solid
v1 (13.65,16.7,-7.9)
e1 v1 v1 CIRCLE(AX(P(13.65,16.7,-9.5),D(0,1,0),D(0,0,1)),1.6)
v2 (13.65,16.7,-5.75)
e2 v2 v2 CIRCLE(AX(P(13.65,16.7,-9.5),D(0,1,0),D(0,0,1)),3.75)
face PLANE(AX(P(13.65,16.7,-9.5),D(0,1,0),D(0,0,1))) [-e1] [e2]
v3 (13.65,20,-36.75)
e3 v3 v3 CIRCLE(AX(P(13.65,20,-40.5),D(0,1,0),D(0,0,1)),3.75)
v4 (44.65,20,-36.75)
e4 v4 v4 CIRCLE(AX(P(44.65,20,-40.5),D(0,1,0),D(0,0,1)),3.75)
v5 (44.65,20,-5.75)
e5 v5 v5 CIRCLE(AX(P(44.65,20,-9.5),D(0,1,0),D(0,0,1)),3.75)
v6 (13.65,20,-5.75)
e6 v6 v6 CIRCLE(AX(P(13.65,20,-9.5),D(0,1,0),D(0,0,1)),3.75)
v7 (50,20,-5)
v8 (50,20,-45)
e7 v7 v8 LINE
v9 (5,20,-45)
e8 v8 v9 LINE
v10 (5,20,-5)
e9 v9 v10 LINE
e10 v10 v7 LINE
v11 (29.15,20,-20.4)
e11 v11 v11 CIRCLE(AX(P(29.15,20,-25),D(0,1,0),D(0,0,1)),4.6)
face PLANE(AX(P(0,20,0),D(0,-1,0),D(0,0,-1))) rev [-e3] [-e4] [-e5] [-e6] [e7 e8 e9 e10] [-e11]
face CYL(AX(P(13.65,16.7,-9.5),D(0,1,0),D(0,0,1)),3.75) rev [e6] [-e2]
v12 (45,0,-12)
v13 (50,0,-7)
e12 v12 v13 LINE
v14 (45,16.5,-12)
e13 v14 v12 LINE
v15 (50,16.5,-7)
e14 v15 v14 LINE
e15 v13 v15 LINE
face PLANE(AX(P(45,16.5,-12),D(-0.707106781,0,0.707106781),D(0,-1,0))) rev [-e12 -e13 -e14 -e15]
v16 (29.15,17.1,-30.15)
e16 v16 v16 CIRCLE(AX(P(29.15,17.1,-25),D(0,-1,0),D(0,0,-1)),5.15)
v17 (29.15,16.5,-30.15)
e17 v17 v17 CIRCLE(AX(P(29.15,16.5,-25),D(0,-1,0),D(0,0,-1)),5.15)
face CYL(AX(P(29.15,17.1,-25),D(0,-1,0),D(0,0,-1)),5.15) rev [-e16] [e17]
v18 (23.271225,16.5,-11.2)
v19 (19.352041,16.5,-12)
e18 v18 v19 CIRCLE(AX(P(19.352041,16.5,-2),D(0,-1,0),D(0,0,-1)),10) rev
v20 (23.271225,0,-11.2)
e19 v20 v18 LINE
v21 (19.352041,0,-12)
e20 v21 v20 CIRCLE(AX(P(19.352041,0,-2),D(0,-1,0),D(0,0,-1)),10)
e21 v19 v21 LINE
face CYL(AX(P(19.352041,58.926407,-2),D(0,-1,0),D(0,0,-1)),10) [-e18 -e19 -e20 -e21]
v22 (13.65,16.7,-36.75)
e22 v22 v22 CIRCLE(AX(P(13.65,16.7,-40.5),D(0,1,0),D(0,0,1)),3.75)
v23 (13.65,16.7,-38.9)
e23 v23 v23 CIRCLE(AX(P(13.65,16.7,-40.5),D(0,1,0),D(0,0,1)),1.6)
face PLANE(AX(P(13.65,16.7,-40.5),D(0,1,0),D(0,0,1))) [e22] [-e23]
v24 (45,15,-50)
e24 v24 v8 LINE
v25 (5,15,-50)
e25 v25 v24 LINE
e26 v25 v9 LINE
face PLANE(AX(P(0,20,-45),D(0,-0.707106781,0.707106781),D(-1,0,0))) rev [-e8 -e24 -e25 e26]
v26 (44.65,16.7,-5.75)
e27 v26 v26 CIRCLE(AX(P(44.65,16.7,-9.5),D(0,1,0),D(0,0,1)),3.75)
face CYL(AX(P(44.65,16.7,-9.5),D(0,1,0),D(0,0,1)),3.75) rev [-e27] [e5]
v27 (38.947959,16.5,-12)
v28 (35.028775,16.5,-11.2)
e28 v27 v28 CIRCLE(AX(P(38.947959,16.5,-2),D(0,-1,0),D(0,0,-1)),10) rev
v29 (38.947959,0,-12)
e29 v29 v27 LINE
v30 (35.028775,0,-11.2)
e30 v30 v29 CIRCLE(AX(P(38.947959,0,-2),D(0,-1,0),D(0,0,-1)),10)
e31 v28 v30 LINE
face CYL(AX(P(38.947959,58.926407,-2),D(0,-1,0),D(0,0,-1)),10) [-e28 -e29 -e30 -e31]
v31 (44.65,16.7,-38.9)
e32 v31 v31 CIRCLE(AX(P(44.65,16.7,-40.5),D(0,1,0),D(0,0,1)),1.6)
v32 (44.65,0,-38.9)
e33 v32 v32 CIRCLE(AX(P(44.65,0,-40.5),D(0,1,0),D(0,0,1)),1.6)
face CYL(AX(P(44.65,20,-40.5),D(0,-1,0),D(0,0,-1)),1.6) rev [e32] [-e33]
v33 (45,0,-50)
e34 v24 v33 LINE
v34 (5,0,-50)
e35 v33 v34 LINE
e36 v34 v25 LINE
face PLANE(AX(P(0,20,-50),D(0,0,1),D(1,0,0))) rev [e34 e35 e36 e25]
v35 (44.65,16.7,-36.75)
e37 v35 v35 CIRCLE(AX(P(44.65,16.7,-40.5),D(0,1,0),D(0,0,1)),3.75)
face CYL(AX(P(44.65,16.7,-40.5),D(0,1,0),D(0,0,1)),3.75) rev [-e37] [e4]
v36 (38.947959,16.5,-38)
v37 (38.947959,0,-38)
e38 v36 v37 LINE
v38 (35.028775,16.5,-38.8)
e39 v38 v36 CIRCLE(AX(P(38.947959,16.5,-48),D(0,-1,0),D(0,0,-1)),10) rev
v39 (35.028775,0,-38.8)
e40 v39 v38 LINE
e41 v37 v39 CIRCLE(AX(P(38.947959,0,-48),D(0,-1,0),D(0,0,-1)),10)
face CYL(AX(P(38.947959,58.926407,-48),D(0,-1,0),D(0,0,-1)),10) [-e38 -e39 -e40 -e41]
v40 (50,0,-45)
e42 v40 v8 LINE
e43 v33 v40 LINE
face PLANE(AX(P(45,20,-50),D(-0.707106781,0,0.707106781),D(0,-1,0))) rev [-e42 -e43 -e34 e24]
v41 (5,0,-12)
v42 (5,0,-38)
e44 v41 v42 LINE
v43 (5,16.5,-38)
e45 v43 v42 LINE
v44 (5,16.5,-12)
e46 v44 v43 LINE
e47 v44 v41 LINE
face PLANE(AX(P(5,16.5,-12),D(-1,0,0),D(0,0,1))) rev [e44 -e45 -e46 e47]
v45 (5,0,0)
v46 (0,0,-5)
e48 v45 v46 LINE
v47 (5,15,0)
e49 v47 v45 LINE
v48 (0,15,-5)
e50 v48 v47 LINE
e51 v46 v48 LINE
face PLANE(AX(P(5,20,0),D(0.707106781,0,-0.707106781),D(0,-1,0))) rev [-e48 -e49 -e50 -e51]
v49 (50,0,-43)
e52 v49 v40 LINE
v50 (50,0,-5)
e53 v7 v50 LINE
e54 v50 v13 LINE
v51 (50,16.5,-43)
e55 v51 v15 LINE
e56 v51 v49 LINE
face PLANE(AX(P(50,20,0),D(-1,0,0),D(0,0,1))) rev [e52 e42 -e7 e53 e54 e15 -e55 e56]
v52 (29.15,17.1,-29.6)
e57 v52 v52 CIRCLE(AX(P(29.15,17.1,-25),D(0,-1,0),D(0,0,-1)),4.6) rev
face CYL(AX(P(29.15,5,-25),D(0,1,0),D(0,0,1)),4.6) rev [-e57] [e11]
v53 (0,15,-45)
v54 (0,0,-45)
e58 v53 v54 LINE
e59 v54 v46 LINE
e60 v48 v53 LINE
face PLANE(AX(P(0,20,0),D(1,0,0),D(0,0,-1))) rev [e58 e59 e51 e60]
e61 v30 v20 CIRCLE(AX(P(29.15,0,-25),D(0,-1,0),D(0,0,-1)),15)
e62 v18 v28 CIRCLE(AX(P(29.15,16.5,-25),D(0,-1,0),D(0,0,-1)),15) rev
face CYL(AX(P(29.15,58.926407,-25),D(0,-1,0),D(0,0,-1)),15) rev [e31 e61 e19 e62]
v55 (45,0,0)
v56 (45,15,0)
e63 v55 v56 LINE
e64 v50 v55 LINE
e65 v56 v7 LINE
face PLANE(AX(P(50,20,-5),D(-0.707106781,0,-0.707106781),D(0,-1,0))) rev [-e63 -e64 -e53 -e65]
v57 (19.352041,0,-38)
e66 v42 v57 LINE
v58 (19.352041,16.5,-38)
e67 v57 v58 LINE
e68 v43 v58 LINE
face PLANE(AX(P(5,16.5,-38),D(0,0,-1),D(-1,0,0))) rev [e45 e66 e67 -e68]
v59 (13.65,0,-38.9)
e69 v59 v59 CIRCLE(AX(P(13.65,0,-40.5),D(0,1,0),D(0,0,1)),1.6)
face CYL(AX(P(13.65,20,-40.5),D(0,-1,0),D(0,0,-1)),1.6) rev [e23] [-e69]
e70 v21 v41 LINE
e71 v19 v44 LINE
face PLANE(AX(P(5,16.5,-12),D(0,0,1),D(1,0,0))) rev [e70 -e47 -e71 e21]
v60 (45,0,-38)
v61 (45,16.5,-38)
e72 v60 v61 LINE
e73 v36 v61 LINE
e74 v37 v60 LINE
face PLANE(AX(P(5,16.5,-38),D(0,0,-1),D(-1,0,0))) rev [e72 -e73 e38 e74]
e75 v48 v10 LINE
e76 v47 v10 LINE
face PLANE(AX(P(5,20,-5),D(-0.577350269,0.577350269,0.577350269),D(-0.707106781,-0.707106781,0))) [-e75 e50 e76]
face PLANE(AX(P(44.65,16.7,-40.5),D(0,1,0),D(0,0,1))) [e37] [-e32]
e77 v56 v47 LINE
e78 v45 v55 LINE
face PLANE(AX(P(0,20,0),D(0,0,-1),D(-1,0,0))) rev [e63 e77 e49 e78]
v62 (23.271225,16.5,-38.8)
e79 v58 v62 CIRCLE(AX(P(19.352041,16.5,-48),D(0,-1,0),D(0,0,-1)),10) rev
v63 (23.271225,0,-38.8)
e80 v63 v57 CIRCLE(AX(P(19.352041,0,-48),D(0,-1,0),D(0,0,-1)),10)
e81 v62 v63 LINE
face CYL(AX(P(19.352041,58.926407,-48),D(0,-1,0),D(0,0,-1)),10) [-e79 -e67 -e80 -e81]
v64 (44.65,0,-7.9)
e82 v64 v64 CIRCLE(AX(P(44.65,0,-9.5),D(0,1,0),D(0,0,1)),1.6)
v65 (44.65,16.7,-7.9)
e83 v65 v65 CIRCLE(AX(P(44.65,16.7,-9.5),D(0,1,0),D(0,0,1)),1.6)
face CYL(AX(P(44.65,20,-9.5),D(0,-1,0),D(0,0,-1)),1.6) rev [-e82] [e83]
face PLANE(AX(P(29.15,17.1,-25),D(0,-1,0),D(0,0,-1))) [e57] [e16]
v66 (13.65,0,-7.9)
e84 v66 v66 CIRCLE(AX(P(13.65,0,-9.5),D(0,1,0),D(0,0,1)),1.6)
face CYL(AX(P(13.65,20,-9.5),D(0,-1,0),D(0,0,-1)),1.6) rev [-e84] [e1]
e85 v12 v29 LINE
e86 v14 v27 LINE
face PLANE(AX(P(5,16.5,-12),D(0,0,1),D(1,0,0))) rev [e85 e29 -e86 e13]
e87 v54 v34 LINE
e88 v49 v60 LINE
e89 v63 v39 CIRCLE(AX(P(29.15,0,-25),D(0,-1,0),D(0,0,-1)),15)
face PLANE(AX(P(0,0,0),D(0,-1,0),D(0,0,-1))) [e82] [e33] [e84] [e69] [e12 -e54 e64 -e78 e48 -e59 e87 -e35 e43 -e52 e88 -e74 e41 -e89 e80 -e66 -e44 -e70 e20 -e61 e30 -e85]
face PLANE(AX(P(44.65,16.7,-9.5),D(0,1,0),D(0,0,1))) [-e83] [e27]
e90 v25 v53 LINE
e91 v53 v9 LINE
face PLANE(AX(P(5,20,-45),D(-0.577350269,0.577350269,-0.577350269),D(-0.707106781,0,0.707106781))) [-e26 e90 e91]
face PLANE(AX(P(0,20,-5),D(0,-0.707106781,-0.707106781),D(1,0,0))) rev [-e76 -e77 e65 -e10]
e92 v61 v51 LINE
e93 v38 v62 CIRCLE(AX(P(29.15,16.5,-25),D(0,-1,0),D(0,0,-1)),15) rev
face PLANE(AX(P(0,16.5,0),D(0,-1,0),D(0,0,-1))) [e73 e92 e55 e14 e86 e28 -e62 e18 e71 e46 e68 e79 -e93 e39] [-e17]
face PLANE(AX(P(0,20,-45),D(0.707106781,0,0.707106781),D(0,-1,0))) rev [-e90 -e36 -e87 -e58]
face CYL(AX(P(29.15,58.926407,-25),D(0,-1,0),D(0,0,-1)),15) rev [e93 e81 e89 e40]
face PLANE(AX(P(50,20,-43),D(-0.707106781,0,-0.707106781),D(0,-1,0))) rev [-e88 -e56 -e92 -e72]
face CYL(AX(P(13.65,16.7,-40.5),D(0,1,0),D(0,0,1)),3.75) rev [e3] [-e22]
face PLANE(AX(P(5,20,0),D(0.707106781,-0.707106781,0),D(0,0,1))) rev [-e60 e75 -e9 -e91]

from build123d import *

# Parameters (mm, degrees)
SKETCH_1_W          = 50
SKETCH_1_H          = 50
SKETCH_1_R          = 1.6
EXTRUDE_1_DEPTH     = 20
SKETCH_2_W          = 45
SKETCH_2_H          = 26
CUT_EXTRUDE_1_DEPTH = 16.5
SKETCH_4_R          = 4.6
CUT_EXTRUDE_2_DEPTH = 15
SKETCH_5_R          = 5.15
CUT_EXTRUDE_3_DEPTH = 0.6
CHAMFER_1_SIZE      = 5
SKETCH_6_R          = 3.75
CUT_EXTRUDE_4_DEPTH = 3.3
SKETCH_7_R          = 15
CUT_EXTRUDE_5_DEPTH = 16.5
FILLET_1_R          = 10


with BuildPart() as part:
    # 草图1 → 凸台-拉伸1 (new body)
    with BuildSketch(Plane(origin=(0, 0, 0), x_dir=(1, 0, 0), z_dir=(0, 1, 0))):
        with Locations((25, 25)):
            Rectangle(SKETCH_1_W, SKETCH_1_H)
        with Locations((13.65, 40.5)):
            Circle(SKETCH_1_R, mode=Mode.SUBTRACT)
        with Locations((44.65, 40.5)):
            Circle(SKETCH_1_R, mode=Mode.SUBTRACT)
        with Locations((44.65, 9.5)):
            Circle(SKETCH_1_R, mode=Mode.SUBTRACT)
        with Locations((13.65, 9.5)):
            Circle(SKETCH_1_R, mode=Mode.SUBTRACT)
    extrude(amount=EXTRUDE_1_DEPTH)

    # 草图2 → 切除-拉伸1 (cut)
    with BuildSketch(Plane.XZ):
        with Locations((27.5, -25)):
            Rectangle(SKETCH_2_W, SKETCH_2_H)
    extrude(amount=-CUT_EXTRUDE_1_DEPTH, mode=Mode.SUBTRACT)

    # 草图4 → 切除-拉伸2 (cut)
    with BuildSketch(Plane(origin=(0, 20, 0), x_dir=(1, 0, 0), z_dir=(0, 1, 0))):
        with Locations((29.15, 25)):
            Circle(SKETCH_4_R)
    extrude(amount=-CUT_EXTRUDE_2_DEPTH, mode=Mode.SUBTRACT)

    # 草图5 → 切除-拉伸3 (cut)
    with BuildSketch(Plane.XZ.offset(-16.5)):
        with Locations((29.15, -25)):
            Circle(SKETCH_5_R)
    extrude(amount=-CUT_EXTRUDE_3_DEPTH, mode=Mode.SUBTRACT)

    # 倒角1
    chamfer_1_edges = [part.edges().sort_by_distance(p)[0] for p in [
        (25, 20, -50),
        (50, 8.25, -12),
        (50, 8.25, -38),
        (0, 20, -25),
        (0, 10, -50),
        (50, 10, -50),
        (50, 10, 0),
        (0, 10, 0),
        (25, 20, 0),
    ]]
    chamfer(chamfer_1_edges, length=CHAMFER_1_SIZE)

    # 草图6 → 切除-拉伸4 (cut)
    with BuildSketch(Plane(origin=(0, 20, 0), x_dir=(1, 0, 0), z_dir=(0, 1, 0))):
        with Locations((13.65, 40.5)):
            Circle(SKETCH_6_R)
        with Locations((44.65, 40.5)):
            Circle(SKETCH_6_R)
        with Locations((44.65, 9.5)):
            Circle(SKETCH_6_R)
        with Locations((13.65, 9.5)):
            Circle(SKETCH_6_R)
    extrude(amount=-CUT_EXTRUDE_4_DEPTH, mode=Mode.SUBTRACT)

    # 草图7 → 切除-拉伸5 (cut)
    with BuildSketch(Plane.XZ):
        with Locations((29.15, -25)):
            Circle(SKETCH_7_R)
    extrude(amount=-CUT_EXTRUDE_5_DEPTH, mode=Mode.SUBTRACT)

    # 圆角1
    fillet_1_edges = [part.edges().sort_by_distance(p)[0] for p in [
        (21.666685226, 8.25, -12),
        (36.633314774, 8.25, -12),
        (36.633314774, 8.25, -38),
        (21.666685226, 8.25, -38),
    ]]
    fillet(fillet_1_edges, radius=FILLET_1_R)


solid = part.part
